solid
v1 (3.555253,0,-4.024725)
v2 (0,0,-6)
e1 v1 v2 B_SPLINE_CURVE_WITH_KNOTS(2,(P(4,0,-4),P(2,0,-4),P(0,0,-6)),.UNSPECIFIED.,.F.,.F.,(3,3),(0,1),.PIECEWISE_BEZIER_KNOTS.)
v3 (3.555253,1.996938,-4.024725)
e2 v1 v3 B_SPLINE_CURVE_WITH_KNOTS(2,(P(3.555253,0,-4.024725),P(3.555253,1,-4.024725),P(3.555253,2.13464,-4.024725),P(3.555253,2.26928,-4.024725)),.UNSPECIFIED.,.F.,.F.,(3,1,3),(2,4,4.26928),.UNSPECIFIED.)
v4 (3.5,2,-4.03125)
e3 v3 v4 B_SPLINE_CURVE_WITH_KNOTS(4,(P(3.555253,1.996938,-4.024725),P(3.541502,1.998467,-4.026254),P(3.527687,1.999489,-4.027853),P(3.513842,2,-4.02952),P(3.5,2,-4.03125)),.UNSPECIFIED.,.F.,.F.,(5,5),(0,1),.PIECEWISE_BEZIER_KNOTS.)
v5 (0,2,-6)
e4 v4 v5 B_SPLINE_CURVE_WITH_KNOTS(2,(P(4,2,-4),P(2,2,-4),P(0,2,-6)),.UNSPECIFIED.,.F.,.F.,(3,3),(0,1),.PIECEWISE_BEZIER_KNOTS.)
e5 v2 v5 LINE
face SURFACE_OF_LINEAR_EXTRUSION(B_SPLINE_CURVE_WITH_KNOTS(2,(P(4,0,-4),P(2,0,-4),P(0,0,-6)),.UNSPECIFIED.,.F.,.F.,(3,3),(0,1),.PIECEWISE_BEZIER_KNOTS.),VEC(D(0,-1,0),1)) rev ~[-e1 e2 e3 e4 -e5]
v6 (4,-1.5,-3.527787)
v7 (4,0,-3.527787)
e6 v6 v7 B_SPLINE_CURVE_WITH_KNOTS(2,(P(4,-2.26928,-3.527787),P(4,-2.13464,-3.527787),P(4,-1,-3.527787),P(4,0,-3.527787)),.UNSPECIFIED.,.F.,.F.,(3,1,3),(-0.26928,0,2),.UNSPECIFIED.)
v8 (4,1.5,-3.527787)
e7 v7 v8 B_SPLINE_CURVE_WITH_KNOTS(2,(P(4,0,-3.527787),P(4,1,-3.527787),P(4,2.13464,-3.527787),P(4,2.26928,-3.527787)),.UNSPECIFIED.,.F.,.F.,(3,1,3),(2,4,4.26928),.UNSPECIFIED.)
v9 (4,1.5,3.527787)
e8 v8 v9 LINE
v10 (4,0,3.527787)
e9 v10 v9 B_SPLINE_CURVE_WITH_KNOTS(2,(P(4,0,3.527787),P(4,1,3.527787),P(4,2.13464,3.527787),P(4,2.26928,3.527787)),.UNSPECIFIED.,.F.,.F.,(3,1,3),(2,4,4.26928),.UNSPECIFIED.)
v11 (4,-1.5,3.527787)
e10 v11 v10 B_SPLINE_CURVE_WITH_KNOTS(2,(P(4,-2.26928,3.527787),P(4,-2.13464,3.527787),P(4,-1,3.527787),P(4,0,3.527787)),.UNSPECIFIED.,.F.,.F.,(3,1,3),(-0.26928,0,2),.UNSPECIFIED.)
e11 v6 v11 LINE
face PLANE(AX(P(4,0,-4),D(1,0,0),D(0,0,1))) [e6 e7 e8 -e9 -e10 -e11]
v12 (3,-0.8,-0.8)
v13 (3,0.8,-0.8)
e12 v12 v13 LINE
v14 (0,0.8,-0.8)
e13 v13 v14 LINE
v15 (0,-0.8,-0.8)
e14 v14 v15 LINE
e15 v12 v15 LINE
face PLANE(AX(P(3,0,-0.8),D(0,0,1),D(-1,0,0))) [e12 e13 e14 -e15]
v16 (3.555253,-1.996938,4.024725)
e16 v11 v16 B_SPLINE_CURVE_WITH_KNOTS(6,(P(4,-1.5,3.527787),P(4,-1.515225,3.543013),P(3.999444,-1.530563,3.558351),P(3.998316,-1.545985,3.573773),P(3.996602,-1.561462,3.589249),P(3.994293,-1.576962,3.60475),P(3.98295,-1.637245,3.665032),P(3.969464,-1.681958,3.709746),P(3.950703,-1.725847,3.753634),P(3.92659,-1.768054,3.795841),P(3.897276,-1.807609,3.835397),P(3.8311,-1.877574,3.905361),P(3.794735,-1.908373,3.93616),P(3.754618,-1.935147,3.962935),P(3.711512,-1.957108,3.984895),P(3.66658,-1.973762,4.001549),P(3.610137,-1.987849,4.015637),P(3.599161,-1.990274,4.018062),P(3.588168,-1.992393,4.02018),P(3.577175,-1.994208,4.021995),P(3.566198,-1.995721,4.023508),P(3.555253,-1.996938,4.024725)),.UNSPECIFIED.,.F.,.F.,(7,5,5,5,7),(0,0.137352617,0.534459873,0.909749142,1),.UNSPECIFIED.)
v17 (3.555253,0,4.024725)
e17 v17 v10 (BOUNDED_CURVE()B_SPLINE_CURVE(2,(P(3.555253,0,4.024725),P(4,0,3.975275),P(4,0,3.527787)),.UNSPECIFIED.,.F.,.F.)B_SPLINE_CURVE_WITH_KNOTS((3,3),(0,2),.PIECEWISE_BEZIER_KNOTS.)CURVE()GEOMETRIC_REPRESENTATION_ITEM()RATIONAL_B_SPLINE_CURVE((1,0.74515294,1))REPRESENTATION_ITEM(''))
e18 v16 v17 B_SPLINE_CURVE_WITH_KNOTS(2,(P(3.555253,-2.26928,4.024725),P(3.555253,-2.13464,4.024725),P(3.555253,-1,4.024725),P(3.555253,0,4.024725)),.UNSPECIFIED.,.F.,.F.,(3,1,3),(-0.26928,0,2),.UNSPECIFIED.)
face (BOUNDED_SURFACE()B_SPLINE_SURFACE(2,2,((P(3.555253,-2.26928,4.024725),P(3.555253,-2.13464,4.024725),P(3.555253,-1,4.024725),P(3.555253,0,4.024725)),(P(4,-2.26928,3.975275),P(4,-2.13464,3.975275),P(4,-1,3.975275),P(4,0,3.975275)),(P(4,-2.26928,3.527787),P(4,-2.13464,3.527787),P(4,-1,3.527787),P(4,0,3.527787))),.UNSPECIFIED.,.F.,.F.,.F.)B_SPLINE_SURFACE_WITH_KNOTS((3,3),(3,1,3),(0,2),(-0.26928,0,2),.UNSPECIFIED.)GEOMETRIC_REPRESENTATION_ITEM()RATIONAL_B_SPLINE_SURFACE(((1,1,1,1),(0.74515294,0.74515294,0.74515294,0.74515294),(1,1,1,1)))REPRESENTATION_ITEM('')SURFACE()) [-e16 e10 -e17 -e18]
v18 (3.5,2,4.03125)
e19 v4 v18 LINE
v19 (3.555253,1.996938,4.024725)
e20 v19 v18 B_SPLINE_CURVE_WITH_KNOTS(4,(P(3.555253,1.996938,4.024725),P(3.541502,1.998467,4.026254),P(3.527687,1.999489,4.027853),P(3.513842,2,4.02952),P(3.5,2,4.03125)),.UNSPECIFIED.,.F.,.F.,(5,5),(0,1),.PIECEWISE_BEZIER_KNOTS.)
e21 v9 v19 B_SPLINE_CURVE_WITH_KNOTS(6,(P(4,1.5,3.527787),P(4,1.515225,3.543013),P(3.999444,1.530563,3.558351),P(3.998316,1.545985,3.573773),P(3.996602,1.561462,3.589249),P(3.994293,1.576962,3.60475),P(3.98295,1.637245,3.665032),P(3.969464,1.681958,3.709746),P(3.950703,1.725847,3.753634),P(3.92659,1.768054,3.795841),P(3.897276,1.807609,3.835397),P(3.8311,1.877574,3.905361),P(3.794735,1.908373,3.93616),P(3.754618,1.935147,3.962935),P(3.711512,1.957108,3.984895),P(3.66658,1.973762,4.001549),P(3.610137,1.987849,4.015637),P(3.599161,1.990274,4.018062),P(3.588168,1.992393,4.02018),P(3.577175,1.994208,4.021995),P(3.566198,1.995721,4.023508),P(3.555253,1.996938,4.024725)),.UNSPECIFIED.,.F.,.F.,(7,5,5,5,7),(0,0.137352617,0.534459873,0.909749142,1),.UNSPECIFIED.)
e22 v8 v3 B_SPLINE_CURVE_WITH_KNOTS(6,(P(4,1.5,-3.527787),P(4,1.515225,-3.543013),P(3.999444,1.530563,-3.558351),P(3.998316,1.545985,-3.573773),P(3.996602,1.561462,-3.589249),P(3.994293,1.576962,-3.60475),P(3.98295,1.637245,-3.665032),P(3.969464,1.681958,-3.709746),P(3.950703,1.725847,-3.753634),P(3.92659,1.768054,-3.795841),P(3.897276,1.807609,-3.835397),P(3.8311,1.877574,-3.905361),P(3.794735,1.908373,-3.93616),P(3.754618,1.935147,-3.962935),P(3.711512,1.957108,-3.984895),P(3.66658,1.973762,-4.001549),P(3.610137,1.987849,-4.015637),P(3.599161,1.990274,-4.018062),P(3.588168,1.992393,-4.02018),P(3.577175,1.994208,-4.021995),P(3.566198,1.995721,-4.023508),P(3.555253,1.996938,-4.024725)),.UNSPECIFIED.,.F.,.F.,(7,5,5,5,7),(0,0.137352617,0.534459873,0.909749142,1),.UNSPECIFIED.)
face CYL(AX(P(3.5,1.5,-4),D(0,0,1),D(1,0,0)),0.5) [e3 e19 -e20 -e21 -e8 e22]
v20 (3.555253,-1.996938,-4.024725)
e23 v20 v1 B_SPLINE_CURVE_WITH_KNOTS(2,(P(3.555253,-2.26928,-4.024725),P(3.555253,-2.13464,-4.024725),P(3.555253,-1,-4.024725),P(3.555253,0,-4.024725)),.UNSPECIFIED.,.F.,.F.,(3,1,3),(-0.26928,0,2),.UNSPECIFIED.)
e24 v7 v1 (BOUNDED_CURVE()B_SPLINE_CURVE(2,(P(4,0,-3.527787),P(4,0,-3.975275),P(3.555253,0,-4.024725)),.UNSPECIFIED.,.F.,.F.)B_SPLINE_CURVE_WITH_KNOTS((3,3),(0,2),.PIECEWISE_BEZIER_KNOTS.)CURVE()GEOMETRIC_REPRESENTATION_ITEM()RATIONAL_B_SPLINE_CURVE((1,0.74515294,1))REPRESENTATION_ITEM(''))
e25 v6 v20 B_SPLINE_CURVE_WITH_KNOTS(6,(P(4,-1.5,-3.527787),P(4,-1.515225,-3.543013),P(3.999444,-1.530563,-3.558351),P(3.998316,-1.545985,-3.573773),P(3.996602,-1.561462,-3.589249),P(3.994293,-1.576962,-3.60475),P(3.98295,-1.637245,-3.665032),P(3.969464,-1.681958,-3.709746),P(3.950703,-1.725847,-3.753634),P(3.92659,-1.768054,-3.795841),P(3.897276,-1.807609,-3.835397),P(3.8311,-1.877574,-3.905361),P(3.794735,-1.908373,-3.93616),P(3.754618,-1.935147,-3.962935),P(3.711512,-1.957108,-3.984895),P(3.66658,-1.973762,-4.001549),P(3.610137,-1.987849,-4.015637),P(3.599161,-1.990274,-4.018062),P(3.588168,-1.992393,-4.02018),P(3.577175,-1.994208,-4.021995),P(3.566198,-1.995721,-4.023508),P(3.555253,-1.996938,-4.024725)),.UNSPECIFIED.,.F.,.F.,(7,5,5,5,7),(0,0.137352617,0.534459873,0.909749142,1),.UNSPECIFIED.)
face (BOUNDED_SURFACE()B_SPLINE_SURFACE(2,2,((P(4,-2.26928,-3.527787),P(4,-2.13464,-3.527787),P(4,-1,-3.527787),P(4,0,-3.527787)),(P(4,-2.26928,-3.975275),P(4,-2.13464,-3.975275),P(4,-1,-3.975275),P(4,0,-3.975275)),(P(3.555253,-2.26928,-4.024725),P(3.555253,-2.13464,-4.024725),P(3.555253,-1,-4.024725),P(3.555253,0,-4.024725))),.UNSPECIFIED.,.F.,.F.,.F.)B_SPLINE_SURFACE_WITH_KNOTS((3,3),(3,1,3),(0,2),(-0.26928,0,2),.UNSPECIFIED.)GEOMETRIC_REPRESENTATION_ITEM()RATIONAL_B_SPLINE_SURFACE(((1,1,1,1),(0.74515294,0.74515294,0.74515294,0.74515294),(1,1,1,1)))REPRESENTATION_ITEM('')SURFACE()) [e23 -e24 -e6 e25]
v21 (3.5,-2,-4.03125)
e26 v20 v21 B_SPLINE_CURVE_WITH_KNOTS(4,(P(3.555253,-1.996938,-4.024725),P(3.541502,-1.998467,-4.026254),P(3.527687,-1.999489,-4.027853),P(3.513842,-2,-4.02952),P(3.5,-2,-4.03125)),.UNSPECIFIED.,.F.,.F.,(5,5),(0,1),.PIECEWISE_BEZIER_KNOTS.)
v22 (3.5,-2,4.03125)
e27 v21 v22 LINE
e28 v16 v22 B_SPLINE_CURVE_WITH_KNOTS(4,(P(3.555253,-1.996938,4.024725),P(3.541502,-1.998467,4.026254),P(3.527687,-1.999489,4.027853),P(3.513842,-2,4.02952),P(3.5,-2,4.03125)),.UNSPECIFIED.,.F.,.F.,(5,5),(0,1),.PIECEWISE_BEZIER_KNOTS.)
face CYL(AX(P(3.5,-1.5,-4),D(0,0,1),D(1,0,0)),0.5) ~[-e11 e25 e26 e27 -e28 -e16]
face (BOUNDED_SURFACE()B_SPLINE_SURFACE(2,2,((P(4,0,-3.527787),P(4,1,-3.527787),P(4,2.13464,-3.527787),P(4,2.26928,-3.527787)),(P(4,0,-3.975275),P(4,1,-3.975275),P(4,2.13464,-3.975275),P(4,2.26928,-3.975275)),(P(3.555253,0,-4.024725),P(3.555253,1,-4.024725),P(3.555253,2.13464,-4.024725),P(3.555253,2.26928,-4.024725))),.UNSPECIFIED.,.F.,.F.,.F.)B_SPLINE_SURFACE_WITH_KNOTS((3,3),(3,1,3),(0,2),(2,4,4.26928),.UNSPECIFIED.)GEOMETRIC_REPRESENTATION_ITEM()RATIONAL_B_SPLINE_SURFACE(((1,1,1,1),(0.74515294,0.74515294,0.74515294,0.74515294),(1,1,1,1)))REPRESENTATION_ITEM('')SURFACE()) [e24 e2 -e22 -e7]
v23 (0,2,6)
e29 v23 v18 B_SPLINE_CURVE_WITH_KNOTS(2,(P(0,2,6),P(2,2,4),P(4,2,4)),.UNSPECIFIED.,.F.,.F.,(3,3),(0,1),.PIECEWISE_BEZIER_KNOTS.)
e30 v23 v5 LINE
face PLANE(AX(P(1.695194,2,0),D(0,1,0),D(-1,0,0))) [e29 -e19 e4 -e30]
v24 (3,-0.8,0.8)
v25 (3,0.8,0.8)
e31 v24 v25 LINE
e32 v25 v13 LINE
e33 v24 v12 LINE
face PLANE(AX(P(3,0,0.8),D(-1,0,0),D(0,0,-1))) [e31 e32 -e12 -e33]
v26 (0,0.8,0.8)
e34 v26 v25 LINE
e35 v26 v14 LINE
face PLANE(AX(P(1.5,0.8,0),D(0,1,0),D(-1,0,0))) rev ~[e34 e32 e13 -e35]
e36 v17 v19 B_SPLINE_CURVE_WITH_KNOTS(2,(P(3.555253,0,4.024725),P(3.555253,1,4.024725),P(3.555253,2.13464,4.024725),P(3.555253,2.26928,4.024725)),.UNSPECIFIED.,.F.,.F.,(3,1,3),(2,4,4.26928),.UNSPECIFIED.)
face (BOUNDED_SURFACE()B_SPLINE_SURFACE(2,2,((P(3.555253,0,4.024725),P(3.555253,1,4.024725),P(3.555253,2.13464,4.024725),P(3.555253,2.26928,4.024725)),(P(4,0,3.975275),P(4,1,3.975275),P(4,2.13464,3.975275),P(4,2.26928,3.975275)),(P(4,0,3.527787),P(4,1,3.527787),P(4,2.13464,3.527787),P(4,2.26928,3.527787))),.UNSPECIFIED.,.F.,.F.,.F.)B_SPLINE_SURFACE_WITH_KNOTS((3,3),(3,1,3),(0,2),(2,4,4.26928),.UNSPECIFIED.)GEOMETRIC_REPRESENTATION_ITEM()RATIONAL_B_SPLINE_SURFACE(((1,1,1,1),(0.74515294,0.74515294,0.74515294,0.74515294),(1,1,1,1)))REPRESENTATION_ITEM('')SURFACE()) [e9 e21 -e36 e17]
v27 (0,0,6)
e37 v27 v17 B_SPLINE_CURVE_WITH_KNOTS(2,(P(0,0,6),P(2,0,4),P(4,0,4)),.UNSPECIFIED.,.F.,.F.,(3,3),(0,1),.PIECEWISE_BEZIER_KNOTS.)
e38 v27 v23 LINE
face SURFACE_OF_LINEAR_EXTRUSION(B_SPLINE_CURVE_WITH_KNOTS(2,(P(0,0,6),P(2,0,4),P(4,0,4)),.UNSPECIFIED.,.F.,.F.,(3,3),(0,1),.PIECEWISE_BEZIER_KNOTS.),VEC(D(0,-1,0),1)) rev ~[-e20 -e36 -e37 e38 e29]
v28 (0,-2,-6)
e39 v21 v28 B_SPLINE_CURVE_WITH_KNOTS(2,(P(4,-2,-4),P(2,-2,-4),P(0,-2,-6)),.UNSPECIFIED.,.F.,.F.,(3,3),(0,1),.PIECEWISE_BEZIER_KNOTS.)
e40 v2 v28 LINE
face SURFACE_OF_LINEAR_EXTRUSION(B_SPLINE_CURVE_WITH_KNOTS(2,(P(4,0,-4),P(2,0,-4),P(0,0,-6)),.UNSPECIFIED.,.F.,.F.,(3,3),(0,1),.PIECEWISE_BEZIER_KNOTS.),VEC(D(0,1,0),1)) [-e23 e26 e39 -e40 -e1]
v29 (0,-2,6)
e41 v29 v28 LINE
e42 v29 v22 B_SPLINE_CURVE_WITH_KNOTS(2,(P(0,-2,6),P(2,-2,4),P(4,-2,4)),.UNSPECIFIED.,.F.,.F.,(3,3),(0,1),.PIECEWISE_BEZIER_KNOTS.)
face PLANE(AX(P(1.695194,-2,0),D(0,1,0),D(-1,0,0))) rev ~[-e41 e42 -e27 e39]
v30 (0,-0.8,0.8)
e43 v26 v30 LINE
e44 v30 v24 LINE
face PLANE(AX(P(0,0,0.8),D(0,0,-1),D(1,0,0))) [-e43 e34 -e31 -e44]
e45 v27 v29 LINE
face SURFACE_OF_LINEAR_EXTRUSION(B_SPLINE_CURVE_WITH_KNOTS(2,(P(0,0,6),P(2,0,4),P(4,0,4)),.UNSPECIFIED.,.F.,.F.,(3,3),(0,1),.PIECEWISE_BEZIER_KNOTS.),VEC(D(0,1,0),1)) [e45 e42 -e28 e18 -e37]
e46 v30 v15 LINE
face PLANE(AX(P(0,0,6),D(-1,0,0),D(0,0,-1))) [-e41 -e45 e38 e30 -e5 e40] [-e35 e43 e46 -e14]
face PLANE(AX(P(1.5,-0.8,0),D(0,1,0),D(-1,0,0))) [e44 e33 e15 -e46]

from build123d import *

# Parameters (mm, degrees)
EXTRUDE048_DEPTH = 0.8
EXTRUDE047_DEPTH = 2
FILLET_R         = 0.5


with BuildPart() as extrude_switch_hole:
    # Sketch047 → Extrude048 (new body, symmetric)
    with BuildSketch(Plane.XZ):
        Polygon((0, 0.8), (3, 0.8), (3, -0.8), (0, -0.8), (0, 0), align=None)
    extrude(amount=EXTRUDE048_DEPTH, both=True)


with BuildPart() as cut_toggle_switch_cover:
    # Sketch046 → Extrude047 (new body, symmetric)
    with BuildSketch(Plane.XZ):
        with BuildLine():
            add(Edge.make_bspline(
                [(0, 6), (2, 4), (4, 4)],
                knots=[0, 0, 0, 1, 1, 1], degree=2))
            Line((0, 6), (0, 0))
            Line((0, 0), (0, -6))
            add(Edge.make_bspline(
                [(4, -4), (2, -4), (0, -6)],
                knots=[0, 0, 0, 1, 1, 1], degree=2))
            Line((4, -4), (4, 0))
            Line((4, 0), (4, 4))
        make_face()
    extrude(amount=EXTRUDE047_DEPTH, both=True)

    # Fillet
    fillet_edges = [cut_toggle_switch_cover.edges().sort_by_distance(p)[0] for p in [
        (4, 0, 4),
        (4, 0, -4),
        (4, 2, -2),
        (4, -2, -2),
        (4, 2, 2),
        (4, -2, 2),
    ]]
    fillet(fillet_edges, radius=FILLET_R)

    # Cut012: cut Extrude_Switch_hole
    add(extrude_switch_hole.part, mode=Mode.SUBTRACT)


solid = cut_toggle_switch_cover.part
